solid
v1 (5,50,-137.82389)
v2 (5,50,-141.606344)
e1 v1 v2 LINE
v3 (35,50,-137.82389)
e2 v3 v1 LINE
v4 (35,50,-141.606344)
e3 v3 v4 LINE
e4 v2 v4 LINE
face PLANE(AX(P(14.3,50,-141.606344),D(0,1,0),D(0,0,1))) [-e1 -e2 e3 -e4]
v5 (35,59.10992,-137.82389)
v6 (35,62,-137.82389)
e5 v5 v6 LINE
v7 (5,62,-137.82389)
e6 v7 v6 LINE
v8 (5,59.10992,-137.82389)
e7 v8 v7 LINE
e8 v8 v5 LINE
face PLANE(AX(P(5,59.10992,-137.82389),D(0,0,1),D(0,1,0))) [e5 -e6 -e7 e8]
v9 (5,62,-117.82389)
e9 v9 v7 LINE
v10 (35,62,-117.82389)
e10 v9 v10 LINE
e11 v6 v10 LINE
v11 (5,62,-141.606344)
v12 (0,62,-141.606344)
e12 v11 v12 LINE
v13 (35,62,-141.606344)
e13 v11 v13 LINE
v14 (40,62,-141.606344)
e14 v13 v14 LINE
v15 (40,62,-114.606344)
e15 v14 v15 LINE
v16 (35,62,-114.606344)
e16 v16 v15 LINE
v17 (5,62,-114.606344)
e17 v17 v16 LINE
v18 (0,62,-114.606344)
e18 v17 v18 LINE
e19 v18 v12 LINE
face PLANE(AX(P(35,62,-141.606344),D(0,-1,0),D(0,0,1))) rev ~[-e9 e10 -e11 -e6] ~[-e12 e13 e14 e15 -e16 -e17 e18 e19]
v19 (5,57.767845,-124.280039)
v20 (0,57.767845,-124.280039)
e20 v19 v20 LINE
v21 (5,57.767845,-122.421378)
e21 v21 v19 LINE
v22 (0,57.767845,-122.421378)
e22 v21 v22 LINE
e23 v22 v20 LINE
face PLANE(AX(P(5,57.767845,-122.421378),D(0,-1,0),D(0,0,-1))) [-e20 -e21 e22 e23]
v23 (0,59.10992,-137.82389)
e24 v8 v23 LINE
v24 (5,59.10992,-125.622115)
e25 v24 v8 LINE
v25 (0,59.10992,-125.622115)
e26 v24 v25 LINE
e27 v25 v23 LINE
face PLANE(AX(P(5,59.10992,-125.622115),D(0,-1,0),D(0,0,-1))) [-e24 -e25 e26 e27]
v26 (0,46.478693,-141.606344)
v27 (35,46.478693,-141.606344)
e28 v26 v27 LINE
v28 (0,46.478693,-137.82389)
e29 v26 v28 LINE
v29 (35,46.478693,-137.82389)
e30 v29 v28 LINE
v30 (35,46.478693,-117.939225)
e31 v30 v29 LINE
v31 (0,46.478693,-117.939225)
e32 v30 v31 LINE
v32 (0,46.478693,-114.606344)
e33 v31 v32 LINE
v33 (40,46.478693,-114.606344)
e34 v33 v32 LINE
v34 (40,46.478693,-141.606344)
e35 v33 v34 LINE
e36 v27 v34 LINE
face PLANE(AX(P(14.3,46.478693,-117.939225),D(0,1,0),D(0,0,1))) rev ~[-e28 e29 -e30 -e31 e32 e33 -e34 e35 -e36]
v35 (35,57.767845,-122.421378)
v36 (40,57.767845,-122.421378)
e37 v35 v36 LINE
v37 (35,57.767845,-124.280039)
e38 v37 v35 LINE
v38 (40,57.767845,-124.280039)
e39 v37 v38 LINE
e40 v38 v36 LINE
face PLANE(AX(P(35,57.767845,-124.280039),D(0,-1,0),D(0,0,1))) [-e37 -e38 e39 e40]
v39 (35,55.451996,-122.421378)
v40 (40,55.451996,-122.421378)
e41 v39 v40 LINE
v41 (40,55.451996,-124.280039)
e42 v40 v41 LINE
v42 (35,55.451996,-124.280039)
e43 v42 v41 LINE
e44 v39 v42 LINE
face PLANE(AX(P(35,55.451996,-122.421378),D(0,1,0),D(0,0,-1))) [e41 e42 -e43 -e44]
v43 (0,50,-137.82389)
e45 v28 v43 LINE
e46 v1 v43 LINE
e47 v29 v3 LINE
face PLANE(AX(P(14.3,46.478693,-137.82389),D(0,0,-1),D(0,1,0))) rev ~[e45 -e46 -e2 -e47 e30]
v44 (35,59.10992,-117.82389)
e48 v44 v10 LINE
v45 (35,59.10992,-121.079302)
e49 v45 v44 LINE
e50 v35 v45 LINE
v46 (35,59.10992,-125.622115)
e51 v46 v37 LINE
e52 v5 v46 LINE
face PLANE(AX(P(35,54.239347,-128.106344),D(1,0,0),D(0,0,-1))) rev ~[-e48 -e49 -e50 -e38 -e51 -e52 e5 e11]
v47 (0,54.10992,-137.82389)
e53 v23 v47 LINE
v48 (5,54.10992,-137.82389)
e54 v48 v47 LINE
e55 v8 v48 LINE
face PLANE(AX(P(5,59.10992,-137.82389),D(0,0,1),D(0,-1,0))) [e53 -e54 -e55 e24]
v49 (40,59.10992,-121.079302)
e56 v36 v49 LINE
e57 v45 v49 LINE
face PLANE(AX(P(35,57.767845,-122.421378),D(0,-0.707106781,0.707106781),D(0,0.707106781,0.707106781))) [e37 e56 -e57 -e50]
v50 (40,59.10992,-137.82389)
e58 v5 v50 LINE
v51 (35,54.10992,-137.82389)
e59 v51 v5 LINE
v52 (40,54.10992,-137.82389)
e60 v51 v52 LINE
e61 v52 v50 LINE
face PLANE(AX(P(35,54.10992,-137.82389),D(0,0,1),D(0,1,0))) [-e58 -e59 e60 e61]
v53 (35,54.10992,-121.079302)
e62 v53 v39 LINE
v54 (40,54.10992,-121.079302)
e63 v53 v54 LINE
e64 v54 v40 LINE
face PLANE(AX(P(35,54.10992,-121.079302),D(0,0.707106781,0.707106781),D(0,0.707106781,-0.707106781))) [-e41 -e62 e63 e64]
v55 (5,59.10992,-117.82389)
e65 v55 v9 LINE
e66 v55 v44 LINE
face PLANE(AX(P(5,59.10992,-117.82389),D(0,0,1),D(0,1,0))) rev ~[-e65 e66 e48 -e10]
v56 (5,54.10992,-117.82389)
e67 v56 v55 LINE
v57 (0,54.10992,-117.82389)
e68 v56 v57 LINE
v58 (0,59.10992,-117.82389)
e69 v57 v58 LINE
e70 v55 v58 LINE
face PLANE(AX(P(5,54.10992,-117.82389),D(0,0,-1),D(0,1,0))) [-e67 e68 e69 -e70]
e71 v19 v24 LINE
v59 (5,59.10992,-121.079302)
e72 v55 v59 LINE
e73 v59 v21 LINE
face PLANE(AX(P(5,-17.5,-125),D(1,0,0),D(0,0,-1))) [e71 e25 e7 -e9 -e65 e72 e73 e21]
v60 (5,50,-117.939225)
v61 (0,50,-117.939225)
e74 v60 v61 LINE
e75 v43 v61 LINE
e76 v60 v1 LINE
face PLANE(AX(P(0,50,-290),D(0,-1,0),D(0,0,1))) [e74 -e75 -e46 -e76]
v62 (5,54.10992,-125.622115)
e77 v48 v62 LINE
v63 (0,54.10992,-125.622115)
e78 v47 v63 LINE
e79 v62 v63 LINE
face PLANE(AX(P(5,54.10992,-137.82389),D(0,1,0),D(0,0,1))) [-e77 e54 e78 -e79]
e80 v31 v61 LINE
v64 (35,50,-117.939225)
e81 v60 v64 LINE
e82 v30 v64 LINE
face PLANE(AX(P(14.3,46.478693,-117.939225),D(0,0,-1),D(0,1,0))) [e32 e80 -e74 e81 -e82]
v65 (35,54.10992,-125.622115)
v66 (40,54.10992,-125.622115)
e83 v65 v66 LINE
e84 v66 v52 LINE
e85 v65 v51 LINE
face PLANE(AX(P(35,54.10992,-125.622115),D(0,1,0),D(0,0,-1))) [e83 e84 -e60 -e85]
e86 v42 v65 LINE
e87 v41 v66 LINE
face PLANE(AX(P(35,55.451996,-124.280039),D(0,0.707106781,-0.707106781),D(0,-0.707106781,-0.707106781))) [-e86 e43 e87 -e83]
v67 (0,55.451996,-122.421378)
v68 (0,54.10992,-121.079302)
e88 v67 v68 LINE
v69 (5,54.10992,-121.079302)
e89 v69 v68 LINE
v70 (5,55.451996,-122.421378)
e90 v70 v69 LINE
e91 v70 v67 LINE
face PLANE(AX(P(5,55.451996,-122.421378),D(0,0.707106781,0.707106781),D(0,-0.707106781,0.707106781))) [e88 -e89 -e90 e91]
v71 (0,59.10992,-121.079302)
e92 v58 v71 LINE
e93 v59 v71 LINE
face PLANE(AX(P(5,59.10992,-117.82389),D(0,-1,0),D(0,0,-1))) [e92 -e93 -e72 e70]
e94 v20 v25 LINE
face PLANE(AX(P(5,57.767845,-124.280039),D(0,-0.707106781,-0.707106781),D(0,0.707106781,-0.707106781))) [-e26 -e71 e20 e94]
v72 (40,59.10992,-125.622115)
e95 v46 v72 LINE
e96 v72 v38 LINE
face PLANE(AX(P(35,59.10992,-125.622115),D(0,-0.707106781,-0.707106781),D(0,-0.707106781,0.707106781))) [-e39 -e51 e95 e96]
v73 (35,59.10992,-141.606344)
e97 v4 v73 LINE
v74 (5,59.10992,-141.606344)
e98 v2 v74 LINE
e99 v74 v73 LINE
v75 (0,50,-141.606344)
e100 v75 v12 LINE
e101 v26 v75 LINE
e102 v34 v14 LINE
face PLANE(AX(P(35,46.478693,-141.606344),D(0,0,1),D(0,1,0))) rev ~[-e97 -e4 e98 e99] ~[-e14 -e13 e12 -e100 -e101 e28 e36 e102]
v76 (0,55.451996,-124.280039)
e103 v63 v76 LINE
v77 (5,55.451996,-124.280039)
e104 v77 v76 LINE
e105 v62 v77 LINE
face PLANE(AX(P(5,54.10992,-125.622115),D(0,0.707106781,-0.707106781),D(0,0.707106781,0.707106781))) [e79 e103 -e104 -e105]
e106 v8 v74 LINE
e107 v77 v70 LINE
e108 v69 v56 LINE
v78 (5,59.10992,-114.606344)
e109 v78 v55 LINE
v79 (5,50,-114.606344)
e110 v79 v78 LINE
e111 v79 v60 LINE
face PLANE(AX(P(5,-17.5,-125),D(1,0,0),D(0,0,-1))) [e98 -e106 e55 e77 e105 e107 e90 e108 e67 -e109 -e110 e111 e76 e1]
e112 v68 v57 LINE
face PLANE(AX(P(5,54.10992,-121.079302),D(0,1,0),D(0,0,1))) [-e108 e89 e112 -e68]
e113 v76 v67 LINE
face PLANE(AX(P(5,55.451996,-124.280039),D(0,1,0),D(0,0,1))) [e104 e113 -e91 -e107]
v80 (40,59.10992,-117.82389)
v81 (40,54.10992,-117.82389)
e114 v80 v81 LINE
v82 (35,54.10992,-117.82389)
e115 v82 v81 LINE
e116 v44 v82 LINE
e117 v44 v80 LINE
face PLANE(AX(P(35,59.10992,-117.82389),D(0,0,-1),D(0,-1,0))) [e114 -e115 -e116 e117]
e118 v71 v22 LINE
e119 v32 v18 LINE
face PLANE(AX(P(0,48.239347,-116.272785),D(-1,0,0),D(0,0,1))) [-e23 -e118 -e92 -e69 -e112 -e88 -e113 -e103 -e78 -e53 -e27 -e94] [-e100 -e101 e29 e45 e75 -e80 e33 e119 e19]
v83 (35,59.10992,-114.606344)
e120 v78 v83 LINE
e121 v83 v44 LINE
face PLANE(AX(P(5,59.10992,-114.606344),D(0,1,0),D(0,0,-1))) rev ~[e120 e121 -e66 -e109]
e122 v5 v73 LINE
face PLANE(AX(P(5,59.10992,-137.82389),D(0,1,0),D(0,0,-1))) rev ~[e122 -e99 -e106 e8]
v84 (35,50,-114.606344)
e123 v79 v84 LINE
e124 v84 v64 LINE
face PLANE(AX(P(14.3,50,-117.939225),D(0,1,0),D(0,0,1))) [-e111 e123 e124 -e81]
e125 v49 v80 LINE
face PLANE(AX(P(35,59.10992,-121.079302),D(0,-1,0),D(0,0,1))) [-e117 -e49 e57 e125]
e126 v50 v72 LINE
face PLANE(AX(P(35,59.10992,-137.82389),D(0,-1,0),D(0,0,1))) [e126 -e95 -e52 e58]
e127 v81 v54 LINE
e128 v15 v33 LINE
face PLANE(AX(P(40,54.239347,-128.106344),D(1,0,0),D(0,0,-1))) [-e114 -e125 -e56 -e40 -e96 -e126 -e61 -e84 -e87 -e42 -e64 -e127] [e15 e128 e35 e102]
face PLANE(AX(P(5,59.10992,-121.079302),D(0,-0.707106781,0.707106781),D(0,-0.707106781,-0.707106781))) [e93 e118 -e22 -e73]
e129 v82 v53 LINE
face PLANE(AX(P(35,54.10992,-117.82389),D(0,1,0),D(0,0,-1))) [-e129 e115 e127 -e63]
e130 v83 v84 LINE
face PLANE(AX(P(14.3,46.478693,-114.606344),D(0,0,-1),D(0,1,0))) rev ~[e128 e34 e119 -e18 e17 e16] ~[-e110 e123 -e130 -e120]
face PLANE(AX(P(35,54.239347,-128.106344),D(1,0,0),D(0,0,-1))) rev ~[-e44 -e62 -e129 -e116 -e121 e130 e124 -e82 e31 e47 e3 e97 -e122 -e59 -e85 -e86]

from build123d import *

# Parameters (mm, degrees)
SKETCH5_R           = 3
SKETCH5_W           = 20
SKETCH5_H           = 5
SKETCH5_W_2         = 12.659523363
SKETCH5_H_2         = 7.033068536
BOSS_EXTRUDE1_DEPTH = 5
SKETCH6_W           = 330
SKETCH6_H           = 15
BOSS_EXTRUDE2_DEPTH = 5
SKETCH8_R           = 2
SKETCH8_R_2         = 3.1
CUT_EXTRUDE1_DEPTH  = 5
SKETCH9_W           = 27
SKETCH9_H           = 12
BOSS_EXTRUDE3_DEPTH = 5
SKETCH10_W          = 3.217546145
SKETCH10_H          = 2.890079535
SKETCH10_W_2        = 3.782453855
SKETCH10_H_2        = 3.521306538
SKETCH10_W_3        = 3.332881198
BOSS_EXTRUDE4_DEPTH = 30
BOSS_EXTRUDE6_DEPTH = 5
CUT_EXTRUDE4_DEPTH  = 14.3
SKETCH15_W          = 3.332881198
SKETCH15_H          = 3.521306538
SKETCH15_W_2        = 3.782453855
BOSS_EXTRUDE9_DEPTH = 14.3


with BuildPart() as part:
    # Sketch5 → Boss-Extrude1 (new body)
    with BuildSketch(Plane(origin=(0, 0, 0), x_dir=(0, 0, -1), z_dir=(1, 0, 0))):
        with BuildLine():
            Line((-40, -10), (0, -10))
            Line((0, -10), (0, 0))
            Line((0, 0), (0, 10))
            Line((0, 10), (5, 10))
            Line((5, 10), (5, 0))
            Line((5, 0), (5, -10))
            Line((5, -10), (245, -10))
            Line((245, -10), (245, 0))
            Line((245, 0), (245, 10))
            Line((245, 10), (250, 10))
            Line((250, 10), (250, 0))
            Line((250, 0), (250, -10))
            Line((250, -10), (290, -10))
            Line((290, -10), (290, 50))
            Line((290, 50), (-7.797224701, 50))
            Line((-7.797224701, 50), (-7.797224701, 69.428123594))
            ThreePointArc((-7.797224701, 69.428123594), (-10.726156889, 76.499191405), (-17.797224701, 79.428123594))
            Line((-17.797224701, 79.428123594), (-30, 79.428123594))
            ThreePointArc((-30, 79.428123594), (-37.071067812, 76.499191405), (-40, 69.428123594))
            Line((-40, 69.428123594), (-40, 50))
            Line((-40, 50), (-40, -10))
        make_face()
        with Locations((-25, 35)):
            Circle(SKETCH5_R, mode=Mode.SUBTRACT)
        with Locations((275, 35)):
            Circle(SKETCH5_R, mode=Mode.SUBTRACT)
        with Locations((89.606343961, 41.844097949)):
            Rectangle(SKETCH5_W, SKETCH5_H, mode=Mode.SUBTRACT)
        with Locations((14.606343961, 41.844097949)):
            Rectangle(SKETCH5_W, SKETCH5_H, mode=Mode.SUBTRACT)
        with Locations((-23.96746302, 63.333382994)):
            Rectangle(SKETCH5_W_2, SKETCH5_H_2, mode=Mode.SUBTRACT)
        with Locations((164.606343961, 41.844097949)):
            Rectangle(SKETCH5_W, SKETCH5_H, mode=Mode.SUBTRACT)
        with Locations((239.606343961, 41.844097949)):
            Rectangle(SKETCH5_W, SKETCH5_H, mode=Mode.SUBTRACT)
    extrude(amount=BOSS_EXTRUDE1_DEPTH)

    # Sketch6 → Boss-Extrude2 (add)
    with BuildSketch(Plane(origin=(5, 0, 0), x_dir=(0, 0, -1), z_dir=(1, 0, 0))):
        with Locations((125, -17.5)):
            Rectangle(SKETCH6_W, SKETCH6_H)
    extrude(amount=-BOSS_EXTRUDE2_DEPTH)

    # Sketch8 → Cut-Extrude1 (cut)
    with BuildSketch(Plane(origin=(5, 0, 0), x_dir=(0, 0, -1), z_dir=(1, 0, 0))):
        with Locations((30.968640194, 16)):
            Circle(SKETCH8_R)
        with Locations((30.968640194, -20)):
            Circle(SKETCH8_R)
        with Locations(Location((66.968640194, -20, 0), (0, 0, 180))):
            Circle(SKETCH8_R)
        with Locations(Location((66.968640194, 16, 0), (0, 0, 180))):
            Circle(SKETCH8_R)
        with Locations((48.968640194, -2)):
            Circle(SKETCH8_R_2)
    extrude(amount=-CUT_EXTRUDE1_DEPTH, mode=Mode.SUBTRACT)

    # Sketch9 → Boss-Extrude3 (add)
    with BuildSketch(Plane(origin=(5, 0, 0), x_dir=(0, 0, -1), z_dir=(1, 0, 0))):
        with Locations((128.106343961, 56)):
            Rectangle(SKETCH9_W, SKETCH9_H)
        Polygon((121.079302135, 59.109920465), (122.421377926, 57.767844673), (124.280039233, 57.767844673), (125.622115024, 59.109920465), (137.823890106, 59.109920465), (137.823890106, 54.109920465), (125.622115024, 54.109920465), (124.280039233, 55.451996257), (122.421377926, 55.451996257), (121.079302135, 54.109920465), (117.823890106, 54.109920465), (117.823890106, 59.109920465), align=None, mode=Mode.SUBTRACT)
    extrude(amount=-BOSS_EXTRUDE3_DEPTH)

    # Sketch10 → Boss-Extrude4 (add)
    with BuildSketch(Plane(origin=(5, 0, 0), x_dir=(0, 0, -1), z_dir=(1, 0, 0))):
        with Locations((116.215117034, 60.554960233)):
            Rectangle(SKETCH10_W, SKETCH10_H)
        with Locations((139.715117034, 60.554960233)):
            Rectangle(SKETCH10_W_2, SKETCH10_H)
        with Locations((139.715117034, 48.239346731)):
            Rectangle(SKETCH10_W_2, SKETCH10_H_2)
        with Locations((116.27278456, 48.239346731)):
            Rectangle(SKETCH10_W_3, SKETCH10_H_2)
    extrude(amount=BOSS_EXTRUDE4_DEPTH)

    # Sketch13 → Boss-Extrude6 (add)
    with BuildSketch(Plane(origin=(35, 0, 0), x_dir=(0, 0, -1), z_dir=(1, 0, 0))):
        Polygon((114.606343961, 46.478693462), (141.606343961, 46.478693462), (141.606343961, 62), (117.823890106, 62), (114.606343961, 62), align=None)
        Polygon((117.823890106, 54.109920465), (121.079302135, 54.109920465), (122.421377926, 55.451996257), (124.280039233, 55.451996257), (125.622115024, 54.109920465), (137.823890106, 54.109920465), (137.823890106, 59.109920465), (125.622115024, 59.109920465), (124.280039233, 57.767844673), (122.421377926, 57.767844673), (121.079302135, 59.109920465), (117.823890106, 59.109920465), align=None, mode=Mode.SUBTRACT)
    extrude(amount=BOSS_EXTRUDE6_DEPTH)

    # Sketch14 → Cut-Extrude4 (cut)
    with BuildSketch(Plane.ZY):
        with BuildLine():
            Line((-141.606343961, 50), (-114.606343961, 50))
            Line((-114.606343961, 50), (7.797224701, 50))
            Line((7.797224701, 50), (7.797224701, 69.428123594))
            ThreePointArc((7.797224701, 69.428123594), (10.726156889, 76.499191405), (17.797224701, 79.428123594))
            Line((17.797224701, 79.428123594), (30, 79.428123594))
            ThreePointArc((30, 79.428123594), (37.071067812, 76.499191405), (40, 69.428123594))
            Line((40, 69.428123594), (40, -25))
            Line((40, -25), (-290, -25))
            Line((-290, -25), (-290, 50))
            Line((-290, 50), (-141.606343961, 50))
        make_face()
    extrude(amount=-CUT_EXTRUDE4_DEPTH, mode=Mode.SUBTRACT)

    # Sketch15 → Boss-Extrude9 (add)
    with BuildSketch(Plane.ZY.offset(-14.3)):
        with Locations((-116.27278456, 48.239346731)):
            Rectangle(SKETCH15_W, SKETCH15_H)
        with Locations((-139.715117034, 48.239346731)):
            Rectangle(SKETCH15_W_2, SKETCH15_H)
    extrude(amount=BOSS_EXTRUDE9_DEPTH)


solid = part.part
